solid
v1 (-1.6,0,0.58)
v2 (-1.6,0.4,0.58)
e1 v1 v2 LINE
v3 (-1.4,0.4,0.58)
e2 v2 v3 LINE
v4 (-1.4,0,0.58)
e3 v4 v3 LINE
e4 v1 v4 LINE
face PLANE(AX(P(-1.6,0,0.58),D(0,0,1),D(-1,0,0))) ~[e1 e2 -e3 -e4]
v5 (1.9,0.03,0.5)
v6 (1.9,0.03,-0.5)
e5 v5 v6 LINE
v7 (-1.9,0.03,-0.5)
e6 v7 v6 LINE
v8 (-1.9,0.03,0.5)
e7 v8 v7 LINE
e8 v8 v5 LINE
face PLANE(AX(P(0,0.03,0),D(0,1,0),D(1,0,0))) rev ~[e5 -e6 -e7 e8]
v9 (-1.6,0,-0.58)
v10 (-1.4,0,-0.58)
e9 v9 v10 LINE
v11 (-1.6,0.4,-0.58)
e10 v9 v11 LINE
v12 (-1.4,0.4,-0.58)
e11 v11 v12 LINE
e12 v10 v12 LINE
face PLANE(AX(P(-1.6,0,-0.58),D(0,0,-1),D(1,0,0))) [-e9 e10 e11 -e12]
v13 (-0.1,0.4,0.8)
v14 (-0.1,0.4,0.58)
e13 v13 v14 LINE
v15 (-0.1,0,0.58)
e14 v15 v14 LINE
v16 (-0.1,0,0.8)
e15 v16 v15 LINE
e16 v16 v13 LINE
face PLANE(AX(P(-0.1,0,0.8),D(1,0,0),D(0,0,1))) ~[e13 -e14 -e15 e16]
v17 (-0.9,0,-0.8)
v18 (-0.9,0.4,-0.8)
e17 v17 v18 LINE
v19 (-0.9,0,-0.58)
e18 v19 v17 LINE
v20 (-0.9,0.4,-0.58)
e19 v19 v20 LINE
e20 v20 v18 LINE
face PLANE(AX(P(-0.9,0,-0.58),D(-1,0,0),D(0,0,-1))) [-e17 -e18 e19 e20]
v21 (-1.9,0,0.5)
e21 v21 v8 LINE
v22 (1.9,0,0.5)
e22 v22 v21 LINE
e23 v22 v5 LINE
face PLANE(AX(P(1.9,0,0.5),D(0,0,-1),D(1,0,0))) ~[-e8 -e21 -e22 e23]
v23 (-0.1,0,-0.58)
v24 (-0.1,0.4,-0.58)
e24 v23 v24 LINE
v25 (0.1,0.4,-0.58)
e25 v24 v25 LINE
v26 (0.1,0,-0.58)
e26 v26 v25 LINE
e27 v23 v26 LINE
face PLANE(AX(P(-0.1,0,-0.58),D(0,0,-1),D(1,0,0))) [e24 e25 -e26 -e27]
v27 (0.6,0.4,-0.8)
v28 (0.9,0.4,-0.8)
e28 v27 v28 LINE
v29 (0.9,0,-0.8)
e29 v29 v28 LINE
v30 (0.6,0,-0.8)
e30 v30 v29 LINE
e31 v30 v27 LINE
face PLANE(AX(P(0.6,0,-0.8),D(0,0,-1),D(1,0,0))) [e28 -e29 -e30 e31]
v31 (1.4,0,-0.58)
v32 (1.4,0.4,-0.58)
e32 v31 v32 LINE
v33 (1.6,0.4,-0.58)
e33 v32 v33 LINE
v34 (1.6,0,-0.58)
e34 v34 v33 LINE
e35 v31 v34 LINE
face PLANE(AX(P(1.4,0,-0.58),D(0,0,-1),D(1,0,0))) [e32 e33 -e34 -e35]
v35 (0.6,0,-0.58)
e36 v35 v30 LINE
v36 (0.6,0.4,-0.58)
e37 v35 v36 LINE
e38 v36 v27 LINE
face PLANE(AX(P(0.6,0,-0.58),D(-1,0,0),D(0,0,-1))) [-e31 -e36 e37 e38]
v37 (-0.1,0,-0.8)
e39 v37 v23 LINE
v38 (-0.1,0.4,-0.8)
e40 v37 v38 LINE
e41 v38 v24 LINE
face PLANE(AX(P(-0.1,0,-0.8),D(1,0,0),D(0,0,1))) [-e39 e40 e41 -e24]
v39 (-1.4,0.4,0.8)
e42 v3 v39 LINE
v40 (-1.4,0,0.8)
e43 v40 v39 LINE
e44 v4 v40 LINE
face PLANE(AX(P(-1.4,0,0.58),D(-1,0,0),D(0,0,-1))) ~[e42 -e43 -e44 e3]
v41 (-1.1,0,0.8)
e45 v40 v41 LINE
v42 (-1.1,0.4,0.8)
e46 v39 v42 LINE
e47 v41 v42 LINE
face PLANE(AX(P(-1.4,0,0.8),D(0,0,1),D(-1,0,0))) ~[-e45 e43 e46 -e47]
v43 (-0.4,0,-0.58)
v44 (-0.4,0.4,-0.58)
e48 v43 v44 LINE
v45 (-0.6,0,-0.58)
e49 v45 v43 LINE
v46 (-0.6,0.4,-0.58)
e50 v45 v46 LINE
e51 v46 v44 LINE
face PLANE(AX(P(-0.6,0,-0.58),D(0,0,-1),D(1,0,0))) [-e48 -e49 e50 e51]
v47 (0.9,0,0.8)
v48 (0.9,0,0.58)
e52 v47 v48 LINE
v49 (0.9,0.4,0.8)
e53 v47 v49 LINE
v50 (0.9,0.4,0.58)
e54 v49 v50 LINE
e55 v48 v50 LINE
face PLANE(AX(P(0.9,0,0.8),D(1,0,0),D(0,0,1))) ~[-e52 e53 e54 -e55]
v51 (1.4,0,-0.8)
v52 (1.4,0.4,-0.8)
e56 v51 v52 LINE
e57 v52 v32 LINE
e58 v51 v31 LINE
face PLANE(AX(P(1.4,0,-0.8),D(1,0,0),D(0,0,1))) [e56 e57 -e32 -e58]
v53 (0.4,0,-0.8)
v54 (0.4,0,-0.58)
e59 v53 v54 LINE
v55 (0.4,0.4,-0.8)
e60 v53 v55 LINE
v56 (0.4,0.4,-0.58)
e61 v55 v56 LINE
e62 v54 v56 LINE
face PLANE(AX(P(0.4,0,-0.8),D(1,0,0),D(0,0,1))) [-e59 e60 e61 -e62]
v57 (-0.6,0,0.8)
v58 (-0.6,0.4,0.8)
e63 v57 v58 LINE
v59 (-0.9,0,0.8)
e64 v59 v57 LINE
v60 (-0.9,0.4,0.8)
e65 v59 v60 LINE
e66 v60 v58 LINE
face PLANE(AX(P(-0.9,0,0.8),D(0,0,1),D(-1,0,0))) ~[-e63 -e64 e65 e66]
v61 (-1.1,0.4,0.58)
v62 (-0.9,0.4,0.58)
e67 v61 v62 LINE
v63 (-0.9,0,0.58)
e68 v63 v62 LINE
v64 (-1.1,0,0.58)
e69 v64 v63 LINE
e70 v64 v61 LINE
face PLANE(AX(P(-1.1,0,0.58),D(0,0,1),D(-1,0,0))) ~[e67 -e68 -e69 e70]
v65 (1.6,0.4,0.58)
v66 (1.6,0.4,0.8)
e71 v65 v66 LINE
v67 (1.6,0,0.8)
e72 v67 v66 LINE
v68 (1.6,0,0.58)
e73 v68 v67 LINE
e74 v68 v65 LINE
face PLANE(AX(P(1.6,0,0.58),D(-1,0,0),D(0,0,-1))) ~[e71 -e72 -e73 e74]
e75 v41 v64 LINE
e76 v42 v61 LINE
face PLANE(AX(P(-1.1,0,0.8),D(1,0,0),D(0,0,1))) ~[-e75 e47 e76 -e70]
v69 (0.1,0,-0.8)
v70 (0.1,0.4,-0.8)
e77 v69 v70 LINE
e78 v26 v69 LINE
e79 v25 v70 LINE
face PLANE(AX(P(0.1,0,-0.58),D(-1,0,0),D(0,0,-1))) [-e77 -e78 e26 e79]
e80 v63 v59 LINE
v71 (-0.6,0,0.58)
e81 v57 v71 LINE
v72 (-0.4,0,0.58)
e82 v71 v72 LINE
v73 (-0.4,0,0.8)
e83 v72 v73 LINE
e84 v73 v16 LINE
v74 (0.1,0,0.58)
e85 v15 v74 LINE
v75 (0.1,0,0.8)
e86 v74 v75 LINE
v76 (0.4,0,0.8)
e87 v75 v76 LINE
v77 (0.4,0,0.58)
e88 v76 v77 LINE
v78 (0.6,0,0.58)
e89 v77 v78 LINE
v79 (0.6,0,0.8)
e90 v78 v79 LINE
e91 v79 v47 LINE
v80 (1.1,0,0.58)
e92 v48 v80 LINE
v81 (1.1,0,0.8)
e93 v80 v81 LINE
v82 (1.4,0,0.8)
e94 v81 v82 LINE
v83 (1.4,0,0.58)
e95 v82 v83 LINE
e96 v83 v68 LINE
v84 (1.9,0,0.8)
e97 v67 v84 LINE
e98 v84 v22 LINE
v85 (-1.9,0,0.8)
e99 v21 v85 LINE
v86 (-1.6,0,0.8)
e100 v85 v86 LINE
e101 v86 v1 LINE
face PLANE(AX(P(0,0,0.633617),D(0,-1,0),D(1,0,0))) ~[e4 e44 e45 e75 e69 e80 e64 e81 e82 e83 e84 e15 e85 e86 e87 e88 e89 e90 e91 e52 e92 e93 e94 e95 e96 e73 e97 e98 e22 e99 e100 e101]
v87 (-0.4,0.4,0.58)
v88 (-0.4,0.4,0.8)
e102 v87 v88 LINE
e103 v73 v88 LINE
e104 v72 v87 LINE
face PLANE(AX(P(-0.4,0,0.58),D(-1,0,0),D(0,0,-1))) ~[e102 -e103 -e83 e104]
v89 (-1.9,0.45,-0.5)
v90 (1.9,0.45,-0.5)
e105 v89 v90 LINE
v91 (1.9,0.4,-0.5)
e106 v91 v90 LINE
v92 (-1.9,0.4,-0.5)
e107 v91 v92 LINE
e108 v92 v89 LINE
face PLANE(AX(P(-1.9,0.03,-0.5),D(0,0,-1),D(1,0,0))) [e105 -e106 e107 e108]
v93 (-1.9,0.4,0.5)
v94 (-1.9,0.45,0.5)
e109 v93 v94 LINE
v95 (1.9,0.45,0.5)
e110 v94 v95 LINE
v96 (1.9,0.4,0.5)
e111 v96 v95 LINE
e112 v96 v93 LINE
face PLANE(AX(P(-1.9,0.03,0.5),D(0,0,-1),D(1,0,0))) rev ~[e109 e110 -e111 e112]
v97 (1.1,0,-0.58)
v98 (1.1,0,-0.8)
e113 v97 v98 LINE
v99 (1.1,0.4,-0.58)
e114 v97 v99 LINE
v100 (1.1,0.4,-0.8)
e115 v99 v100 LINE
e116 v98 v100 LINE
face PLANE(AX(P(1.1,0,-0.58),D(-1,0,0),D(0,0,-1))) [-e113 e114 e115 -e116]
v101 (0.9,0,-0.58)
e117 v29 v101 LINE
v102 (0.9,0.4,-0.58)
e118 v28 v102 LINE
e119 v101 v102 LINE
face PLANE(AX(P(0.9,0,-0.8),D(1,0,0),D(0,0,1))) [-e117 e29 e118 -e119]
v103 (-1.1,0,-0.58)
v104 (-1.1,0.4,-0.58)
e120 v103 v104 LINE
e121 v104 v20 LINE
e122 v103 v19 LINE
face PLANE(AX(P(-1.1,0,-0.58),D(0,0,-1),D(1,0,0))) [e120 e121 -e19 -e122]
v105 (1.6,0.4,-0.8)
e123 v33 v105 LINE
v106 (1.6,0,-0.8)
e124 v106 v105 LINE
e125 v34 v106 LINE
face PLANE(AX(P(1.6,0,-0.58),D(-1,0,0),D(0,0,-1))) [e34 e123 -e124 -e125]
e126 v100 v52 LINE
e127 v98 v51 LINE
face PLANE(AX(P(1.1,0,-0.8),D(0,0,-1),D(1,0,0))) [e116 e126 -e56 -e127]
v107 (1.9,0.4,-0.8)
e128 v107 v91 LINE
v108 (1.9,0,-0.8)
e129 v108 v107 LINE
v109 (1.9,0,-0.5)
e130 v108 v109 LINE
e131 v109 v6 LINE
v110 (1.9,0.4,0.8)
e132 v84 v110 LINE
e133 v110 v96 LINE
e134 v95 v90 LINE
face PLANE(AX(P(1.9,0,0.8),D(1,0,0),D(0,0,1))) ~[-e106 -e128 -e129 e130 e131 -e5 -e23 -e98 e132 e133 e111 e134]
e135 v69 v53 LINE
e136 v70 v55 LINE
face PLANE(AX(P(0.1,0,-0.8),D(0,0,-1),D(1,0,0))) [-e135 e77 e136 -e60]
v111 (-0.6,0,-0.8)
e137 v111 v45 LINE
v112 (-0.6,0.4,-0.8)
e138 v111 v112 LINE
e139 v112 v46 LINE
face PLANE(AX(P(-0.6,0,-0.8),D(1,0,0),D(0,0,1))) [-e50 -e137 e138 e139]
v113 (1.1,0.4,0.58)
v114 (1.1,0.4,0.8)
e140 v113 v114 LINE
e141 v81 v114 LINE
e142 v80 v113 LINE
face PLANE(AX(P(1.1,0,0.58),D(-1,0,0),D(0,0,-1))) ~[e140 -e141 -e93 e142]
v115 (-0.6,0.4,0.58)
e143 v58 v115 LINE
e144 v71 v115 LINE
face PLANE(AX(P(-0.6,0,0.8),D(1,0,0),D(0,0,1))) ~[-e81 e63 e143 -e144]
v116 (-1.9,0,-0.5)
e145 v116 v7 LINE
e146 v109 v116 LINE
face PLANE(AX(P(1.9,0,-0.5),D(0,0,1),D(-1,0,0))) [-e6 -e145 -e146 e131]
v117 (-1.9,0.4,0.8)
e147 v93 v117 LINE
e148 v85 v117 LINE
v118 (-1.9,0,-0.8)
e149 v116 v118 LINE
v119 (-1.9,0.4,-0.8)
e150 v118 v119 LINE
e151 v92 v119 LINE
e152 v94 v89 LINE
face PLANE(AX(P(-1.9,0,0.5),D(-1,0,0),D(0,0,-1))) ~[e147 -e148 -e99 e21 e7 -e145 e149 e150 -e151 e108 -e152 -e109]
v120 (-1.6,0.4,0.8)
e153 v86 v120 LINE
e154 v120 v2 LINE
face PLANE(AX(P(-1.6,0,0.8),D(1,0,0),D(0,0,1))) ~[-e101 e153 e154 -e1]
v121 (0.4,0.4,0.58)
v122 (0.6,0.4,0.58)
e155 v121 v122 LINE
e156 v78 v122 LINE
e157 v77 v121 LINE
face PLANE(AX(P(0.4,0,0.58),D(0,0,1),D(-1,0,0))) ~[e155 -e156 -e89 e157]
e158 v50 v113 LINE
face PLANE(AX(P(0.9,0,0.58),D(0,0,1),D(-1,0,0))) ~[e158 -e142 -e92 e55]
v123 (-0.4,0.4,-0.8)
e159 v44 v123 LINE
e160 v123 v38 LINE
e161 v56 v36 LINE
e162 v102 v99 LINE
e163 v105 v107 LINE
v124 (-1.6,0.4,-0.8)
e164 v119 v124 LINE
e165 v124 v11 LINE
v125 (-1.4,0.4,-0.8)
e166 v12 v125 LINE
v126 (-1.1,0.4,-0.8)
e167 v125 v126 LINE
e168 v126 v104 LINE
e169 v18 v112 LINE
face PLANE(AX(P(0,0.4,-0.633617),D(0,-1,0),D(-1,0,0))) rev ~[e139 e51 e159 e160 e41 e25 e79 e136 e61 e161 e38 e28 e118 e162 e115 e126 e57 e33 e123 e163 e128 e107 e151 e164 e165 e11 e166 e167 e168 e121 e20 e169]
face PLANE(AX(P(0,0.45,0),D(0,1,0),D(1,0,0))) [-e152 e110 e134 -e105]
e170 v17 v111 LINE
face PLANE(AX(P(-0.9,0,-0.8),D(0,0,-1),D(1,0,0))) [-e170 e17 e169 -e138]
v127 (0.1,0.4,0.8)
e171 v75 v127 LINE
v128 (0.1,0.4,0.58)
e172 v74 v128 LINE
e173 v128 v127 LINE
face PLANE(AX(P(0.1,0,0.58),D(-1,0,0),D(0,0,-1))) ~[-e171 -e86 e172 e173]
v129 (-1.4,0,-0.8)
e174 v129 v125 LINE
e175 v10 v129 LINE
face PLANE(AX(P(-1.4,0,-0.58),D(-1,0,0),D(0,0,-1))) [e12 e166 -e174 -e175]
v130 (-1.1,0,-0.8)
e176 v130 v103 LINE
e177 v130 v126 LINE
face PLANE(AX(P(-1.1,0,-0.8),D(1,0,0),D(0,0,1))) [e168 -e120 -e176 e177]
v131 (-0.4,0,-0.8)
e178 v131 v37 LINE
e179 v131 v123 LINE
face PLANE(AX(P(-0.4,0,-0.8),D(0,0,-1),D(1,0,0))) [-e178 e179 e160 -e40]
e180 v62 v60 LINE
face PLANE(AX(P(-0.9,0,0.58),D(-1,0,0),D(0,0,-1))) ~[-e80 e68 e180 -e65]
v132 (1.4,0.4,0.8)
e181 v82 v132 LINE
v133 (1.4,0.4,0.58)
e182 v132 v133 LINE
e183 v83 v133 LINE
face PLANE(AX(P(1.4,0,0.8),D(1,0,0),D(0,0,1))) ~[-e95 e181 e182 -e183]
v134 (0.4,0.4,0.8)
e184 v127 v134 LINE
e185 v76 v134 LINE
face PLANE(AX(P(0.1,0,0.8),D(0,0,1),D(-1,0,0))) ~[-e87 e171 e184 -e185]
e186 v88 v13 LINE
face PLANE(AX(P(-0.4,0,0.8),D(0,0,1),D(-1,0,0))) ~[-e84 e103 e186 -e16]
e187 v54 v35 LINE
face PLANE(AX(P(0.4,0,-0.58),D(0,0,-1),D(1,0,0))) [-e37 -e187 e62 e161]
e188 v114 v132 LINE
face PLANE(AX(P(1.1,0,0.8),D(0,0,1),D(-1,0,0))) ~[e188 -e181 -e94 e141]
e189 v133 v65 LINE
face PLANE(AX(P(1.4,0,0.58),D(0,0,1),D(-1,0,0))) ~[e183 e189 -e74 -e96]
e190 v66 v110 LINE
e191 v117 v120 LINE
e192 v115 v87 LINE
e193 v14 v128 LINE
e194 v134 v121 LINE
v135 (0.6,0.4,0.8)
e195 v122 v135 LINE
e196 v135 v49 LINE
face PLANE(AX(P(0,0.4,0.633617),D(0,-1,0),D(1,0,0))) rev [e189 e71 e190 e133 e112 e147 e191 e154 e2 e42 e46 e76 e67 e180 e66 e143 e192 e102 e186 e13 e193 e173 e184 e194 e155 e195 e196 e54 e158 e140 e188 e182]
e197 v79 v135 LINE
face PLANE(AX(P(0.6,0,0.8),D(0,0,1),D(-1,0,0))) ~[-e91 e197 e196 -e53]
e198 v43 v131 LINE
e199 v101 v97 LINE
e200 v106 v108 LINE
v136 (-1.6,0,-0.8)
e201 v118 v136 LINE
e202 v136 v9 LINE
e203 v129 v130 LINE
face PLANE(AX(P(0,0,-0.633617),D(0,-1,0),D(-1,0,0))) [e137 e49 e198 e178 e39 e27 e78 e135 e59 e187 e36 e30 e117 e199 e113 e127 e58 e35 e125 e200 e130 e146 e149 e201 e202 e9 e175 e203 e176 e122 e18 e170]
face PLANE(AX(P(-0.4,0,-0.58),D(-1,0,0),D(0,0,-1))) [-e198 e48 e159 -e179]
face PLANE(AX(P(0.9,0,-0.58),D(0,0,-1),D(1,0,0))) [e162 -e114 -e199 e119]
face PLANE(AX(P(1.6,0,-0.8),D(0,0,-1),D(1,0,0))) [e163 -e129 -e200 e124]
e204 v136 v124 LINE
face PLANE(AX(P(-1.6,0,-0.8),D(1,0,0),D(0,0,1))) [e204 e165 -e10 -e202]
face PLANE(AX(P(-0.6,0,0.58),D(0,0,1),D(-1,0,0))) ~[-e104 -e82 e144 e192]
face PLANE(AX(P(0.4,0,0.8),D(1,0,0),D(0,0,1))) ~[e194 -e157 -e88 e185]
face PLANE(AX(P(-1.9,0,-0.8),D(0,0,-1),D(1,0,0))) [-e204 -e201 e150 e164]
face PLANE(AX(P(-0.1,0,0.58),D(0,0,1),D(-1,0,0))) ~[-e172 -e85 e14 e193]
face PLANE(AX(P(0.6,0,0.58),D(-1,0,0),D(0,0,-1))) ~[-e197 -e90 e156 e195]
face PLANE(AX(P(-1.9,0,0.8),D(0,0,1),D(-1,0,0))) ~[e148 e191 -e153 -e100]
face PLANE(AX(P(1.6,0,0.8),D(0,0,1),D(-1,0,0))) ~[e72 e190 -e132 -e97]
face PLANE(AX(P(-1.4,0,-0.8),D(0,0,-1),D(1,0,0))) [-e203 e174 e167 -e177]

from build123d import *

# Parameters (mm, degrees)
BOSS_EXTRUDE1_START = 0.03
SKETCH1_W           = 3.8
SKETCH1_H           = 1
BOSS_EXTRUDE1_DEPTH = 0.42
BOSS_EXTRUDE2_DEPTH = 0.4


with BuildPart() as part:
    # Sketch1 → Boss-Extrude1 (new body)
    with BuildSketch(Plane(origin=(0, 0, 0), x_dir=(1, 0, 0), z_dir=(0, 1, 0)).offset(BOSS_EXTRUDE1_START)):
        Rectangle(SKETCH1_W, SKETCH1_H)
    extrude(amount=BOSS_EXTRUDE1_DEPTH)

    # Sketch2 → Boss-Extrude2 (add)
    with BuildSketch(Plane(origin=(0, 0, 0), x_dir=(1, 0, 0), z_dir=(0, 1, 0))):
        Polygon((1.9, 0.5), (-1.9, 0.5), (-1.9, 0.8), (-1.6, 0.8), (-1.6, 0.58), (-1.4, 0.58), (-1.4, 0.8), (-1.1, 0.8), (-1.1, 0.58), (-0.9, 0.58), (-0.9, 0.8), (-0.6, 0.8), (-0.6, 0.58), (-0.4, 0.58), (-0.4, 0.8), (-0.1, 0.8), (-0.1, 0.58), (0.1, 0.58), (0.1, 0.8), (0.4, 0.8), (0.4, 0.58), (0.6, 0.58), (0.6, 0.8), (0.9, 0.8), (0.9, 0.58), (1.1, 0.58), (1.1, 0.8), (1.4, 0.8), (1.4, 0.58), (1.6, 0.58), (1.6, 0.8), (1.9, 0.8), align=None)
    boss_extrude2 = extrude(amount=BOSS_EXTRUDE2_DEPTH)

    # Mirror1: Boss-Extrude2 across plane
    add(boss_extrude2.mirror(Plane.XY))


solid = part.part
